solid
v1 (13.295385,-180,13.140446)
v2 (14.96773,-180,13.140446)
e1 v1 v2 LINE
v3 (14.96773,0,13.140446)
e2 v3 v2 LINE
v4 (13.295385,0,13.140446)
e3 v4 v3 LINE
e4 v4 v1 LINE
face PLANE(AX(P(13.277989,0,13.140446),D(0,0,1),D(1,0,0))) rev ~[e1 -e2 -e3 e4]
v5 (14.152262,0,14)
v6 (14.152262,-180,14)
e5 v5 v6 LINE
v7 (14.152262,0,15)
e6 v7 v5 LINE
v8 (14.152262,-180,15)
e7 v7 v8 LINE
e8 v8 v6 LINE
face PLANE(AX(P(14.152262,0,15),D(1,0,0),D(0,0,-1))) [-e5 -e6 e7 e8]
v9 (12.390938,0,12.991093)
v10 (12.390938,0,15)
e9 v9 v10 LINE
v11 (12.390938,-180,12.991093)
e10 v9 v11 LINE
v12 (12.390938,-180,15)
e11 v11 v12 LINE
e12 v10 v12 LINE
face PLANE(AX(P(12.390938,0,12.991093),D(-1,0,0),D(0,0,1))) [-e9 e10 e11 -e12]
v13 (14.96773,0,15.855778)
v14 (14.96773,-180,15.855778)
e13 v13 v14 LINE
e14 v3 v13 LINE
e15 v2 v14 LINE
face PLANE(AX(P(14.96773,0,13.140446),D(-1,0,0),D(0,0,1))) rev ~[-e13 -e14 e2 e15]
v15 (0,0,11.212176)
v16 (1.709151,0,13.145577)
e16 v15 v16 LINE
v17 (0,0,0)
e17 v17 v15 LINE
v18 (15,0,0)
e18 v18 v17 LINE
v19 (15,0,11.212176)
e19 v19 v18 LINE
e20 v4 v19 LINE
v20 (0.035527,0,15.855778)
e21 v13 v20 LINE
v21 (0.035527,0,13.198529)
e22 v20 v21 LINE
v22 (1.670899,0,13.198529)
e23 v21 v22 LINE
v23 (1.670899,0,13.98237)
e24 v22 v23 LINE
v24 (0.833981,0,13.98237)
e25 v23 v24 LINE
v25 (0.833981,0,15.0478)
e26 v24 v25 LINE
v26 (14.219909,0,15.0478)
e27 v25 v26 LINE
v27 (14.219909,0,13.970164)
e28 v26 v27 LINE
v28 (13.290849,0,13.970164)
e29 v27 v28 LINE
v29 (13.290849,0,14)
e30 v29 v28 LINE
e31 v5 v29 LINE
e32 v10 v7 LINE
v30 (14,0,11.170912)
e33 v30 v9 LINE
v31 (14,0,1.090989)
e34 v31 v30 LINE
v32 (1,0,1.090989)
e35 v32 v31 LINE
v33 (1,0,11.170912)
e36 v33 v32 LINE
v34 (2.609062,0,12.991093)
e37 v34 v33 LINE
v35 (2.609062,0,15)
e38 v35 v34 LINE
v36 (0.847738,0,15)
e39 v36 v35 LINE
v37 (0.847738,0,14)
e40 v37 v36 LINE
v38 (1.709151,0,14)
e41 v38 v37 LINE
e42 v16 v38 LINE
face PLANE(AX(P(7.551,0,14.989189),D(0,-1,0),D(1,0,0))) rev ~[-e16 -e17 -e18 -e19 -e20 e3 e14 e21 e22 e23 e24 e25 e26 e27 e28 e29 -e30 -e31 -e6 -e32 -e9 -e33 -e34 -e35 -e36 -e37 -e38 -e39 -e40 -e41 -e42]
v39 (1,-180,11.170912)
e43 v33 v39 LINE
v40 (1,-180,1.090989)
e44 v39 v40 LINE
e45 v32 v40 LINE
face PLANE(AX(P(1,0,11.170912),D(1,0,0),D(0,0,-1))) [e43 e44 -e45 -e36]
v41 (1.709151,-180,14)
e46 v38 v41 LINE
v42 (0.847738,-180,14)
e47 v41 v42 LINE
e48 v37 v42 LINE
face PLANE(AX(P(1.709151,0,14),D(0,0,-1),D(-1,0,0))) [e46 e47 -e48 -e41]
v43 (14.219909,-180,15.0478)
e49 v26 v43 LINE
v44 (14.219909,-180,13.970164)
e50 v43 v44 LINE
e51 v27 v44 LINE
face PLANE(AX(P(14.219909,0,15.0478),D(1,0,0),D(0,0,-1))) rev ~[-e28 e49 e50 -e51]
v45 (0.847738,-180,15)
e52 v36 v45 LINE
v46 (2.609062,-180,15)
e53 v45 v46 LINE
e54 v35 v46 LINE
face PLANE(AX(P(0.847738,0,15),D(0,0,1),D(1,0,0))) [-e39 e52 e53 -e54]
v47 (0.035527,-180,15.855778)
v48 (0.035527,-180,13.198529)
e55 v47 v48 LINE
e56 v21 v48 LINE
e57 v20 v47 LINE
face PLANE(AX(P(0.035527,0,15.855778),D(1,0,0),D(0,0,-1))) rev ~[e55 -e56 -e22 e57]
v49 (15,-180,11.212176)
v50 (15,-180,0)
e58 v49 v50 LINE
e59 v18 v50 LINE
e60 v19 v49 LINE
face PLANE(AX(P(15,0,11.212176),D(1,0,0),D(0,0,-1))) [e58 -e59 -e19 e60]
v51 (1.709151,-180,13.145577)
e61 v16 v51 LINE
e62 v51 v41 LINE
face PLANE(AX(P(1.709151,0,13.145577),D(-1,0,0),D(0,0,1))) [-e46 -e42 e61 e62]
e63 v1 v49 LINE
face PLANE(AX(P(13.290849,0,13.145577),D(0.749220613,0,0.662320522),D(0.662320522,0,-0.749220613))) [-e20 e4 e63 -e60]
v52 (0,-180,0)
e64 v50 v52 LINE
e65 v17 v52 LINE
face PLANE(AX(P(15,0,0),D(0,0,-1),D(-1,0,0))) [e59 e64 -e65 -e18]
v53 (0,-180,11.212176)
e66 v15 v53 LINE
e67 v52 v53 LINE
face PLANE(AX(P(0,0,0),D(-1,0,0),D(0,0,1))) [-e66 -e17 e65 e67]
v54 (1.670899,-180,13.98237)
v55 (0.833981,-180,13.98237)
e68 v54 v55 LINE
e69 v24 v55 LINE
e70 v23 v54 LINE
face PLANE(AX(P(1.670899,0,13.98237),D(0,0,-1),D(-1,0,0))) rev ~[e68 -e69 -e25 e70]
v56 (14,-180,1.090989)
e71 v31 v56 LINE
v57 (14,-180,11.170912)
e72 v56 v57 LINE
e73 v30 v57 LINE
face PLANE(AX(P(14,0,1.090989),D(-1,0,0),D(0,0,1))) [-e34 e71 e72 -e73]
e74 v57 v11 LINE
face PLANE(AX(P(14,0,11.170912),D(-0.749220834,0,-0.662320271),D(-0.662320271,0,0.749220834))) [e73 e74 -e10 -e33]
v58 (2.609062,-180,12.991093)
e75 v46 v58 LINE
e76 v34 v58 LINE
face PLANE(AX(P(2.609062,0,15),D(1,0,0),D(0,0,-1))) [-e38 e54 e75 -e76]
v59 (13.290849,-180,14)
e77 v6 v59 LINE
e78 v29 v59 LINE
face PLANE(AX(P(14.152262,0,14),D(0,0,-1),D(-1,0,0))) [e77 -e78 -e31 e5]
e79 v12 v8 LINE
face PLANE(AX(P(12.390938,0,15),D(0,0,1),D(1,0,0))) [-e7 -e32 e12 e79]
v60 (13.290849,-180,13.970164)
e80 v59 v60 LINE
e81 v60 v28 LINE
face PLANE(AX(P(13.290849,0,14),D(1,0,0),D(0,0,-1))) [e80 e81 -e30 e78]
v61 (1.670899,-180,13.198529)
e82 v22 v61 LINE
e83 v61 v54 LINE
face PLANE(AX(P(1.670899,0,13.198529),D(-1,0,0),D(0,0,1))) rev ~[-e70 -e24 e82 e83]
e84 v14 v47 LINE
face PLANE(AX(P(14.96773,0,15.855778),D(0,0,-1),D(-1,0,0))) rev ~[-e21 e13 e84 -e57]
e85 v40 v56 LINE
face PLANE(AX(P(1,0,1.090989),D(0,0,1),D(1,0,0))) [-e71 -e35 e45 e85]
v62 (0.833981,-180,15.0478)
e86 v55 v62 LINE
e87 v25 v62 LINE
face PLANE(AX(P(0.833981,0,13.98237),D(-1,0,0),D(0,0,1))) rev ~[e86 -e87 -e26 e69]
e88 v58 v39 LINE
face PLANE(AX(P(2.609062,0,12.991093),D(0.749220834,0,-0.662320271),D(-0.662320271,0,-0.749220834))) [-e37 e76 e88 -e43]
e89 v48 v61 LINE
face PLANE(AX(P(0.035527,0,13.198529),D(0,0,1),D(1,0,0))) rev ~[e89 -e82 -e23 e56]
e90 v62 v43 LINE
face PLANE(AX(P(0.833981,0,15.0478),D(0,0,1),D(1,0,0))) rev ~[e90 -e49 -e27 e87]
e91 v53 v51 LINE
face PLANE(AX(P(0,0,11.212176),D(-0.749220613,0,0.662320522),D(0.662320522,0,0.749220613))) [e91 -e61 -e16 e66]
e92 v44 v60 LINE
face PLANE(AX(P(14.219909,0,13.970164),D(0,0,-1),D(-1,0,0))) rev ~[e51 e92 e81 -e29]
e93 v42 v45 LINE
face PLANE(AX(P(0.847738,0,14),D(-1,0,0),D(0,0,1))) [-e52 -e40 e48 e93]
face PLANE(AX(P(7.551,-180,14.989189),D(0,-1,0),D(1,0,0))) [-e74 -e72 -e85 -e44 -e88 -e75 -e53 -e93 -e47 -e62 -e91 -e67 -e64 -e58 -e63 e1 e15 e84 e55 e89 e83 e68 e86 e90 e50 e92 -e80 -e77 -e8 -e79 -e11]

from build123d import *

# Parameters (mm, degrees)
PAD_DEPTH    = 180
PAD001_DEPTH = 180


with BuildPart() as part:
    # Sketch → Pad (new body)
    with BuildSketch(Plane.XZ):
        Polygon((1.709151, 14), (0.847738, 14), (0.847738, 15), (2.609062, 15), (2.609062, 12.991093), (1, 11.170912), (1, 1.090989), (14, 1.090989), (14, 11.170912), (12.390938, 12.991093), (12.390938, 15), (14.152262, 15), (14.152262, 14), (13.290849, 14), (13.290849, 13.145577), (15, 11.212176), (15, 0), (0, 0), (0, 11.212176), (1.709151, 13.145577), align=None)
    extrude(amount=PAD_DEPTH)

    # Sketch001 → Pad001 (join)
    with BuildSketch(Plane.XZ):
        Polygon((1.670899, 13.98237), (0.833981, 13.98237), (0.833981, 15.0478), (14.219909, 15.0478), (14.219909, 13.970164), (13.277989, 13.970164), (13.277989, 13.140446), (14.96773, 13.140446), (14.96773, 15.855778), (0.035527, 15.855778), (0.035527, 13.198529), (1.670899, 13.198529), align=None)
    extrude(amount=PAD001_DEPTH)


solid = part.part
